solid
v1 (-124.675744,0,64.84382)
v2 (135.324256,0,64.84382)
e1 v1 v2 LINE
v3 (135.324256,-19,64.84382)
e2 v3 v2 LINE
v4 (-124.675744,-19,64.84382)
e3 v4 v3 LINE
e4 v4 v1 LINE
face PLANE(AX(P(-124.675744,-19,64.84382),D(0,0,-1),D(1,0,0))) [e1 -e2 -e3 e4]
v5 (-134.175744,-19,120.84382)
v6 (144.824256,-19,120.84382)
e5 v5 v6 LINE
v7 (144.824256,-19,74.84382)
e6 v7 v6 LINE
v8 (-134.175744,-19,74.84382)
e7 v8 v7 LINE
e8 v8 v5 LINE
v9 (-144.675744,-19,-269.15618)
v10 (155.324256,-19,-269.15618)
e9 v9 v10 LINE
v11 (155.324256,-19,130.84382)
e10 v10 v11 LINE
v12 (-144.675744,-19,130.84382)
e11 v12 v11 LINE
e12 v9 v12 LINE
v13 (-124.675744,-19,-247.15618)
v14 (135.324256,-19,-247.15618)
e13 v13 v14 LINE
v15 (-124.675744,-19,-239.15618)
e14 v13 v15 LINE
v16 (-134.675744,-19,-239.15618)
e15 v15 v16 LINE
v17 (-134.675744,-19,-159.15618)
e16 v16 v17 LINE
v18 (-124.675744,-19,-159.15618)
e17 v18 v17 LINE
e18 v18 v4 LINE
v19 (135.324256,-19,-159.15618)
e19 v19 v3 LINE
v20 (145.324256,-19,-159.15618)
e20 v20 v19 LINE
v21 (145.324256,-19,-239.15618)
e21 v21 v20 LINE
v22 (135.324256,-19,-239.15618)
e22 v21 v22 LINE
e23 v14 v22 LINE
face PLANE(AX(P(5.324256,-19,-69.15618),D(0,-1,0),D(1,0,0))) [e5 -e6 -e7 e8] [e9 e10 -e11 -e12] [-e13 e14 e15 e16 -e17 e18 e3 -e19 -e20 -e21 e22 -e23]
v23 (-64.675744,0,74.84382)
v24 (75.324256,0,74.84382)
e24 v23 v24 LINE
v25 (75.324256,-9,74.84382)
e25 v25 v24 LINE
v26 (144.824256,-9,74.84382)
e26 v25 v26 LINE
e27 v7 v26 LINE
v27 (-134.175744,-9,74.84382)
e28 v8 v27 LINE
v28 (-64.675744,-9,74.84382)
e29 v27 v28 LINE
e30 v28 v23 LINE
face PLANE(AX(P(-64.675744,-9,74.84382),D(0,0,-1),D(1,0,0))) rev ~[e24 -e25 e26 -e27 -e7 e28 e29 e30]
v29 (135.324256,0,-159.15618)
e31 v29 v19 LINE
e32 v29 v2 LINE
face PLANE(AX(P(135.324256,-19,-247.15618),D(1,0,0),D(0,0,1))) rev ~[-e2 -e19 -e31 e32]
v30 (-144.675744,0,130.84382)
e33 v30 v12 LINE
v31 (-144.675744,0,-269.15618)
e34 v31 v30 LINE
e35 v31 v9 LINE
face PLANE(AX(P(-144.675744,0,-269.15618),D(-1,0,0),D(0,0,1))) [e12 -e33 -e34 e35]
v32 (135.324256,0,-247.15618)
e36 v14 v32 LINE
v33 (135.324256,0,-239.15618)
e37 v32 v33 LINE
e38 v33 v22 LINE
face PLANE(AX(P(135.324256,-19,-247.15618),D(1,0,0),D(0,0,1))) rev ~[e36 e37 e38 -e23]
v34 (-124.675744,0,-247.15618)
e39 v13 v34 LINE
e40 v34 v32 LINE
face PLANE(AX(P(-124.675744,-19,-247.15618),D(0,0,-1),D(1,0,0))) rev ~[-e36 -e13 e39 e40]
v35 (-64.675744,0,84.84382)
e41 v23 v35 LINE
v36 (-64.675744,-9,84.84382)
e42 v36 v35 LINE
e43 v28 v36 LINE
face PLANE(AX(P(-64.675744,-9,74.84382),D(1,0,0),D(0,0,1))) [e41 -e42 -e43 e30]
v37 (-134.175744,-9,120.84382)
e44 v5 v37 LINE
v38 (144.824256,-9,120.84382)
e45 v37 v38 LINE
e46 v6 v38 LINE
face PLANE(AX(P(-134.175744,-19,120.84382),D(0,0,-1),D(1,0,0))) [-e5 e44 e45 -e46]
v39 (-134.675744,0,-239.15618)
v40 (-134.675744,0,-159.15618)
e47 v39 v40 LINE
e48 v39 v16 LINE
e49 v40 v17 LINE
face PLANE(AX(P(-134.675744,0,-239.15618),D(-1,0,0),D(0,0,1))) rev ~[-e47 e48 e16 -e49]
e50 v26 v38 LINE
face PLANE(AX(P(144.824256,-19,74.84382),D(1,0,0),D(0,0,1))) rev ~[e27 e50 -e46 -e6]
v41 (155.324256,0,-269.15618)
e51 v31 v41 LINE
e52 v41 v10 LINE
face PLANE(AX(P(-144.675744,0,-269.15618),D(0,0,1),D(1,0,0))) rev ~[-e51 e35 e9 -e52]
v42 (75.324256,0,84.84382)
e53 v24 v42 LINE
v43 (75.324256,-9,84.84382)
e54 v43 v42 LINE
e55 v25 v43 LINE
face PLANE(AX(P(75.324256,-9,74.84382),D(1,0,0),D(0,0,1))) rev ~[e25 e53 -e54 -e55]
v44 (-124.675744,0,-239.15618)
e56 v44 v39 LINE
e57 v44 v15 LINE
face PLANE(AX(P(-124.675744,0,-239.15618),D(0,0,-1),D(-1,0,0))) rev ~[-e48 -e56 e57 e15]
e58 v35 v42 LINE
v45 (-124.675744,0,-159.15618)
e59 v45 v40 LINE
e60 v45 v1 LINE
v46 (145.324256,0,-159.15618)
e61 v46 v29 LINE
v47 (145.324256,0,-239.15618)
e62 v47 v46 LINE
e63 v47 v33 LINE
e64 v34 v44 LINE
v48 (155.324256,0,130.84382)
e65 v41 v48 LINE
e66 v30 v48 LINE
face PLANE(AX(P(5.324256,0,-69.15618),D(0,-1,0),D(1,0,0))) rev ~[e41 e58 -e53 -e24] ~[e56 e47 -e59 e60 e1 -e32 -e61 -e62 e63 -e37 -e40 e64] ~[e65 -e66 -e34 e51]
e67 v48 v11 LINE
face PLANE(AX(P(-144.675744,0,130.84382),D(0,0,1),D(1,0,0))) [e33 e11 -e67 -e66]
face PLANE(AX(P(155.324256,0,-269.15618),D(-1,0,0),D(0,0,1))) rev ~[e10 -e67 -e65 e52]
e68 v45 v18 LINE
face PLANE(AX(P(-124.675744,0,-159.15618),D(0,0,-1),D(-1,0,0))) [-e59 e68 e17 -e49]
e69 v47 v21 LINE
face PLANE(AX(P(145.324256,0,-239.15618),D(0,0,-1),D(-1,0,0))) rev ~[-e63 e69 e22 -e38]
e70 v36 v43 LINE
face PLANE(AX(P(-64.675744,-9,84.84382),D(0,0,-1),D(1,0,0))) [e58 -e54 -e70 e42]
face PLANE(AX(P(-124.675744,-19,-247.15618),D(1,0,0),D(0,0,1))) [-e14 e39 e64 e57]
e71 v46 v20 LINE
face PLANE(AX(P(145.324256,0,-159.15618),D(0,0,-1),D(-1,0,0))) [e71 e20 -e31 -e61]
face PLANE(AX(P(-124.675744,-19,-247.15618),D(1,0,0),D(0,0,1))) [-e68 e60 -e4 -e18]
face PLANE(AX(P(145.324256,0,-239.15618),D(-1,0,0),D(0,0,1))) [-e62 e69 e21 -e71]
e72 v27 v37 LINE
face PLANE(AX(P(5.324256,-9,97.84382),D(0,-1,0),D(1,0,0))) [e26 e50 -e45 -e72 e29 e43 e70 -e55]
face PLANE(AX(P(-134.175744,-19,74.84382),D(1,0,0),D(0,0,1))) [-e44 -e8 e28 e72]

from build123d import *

# Parameters (mm, degrees)
F0_W      = 300
F0_H      = 400
F1_DEPTH  = 19
F2_W      = 279
F2_H      = 46
F3_DEPTH  = 10
F4_W      = 140
F4_H      = 10
F5_DEPTH  = 10
F6_W      = 260
F6_H      = 312
F7_DEPTH  = 19
F8_W      = 10
F8_H      = 80
F9_DEPTH  = 19
F10_W     = 10
F10_H     = 80
F11_DEPTH = 19


with BuildPart() as f1:
    # F0 (on Front) → F1 (new body)
    with BuildSketch(Plane.XZ):
        with Locations((5.324256, -69.15618)):
            Rectangle(F0_W, F0_H)
    extrude(amount=F1_DEPTH)

    # F2 (on face) → F3 (cut)
    with BuildSketch(Plane.XZ.offset(19)):
        with Locations((5.324256, 97.84382)):
            Rectangle(F2_W, F2_H)
    extrude(amount=-F3_DEPTH, mode=Mode.SUBTRACT)

    # F4 (on face) → F5 (cut)
    with BuildSketch(Plane.XZ.offset(9)):
        with Locations((5.324256, 79.84382)):
            Rectangle(F4_W, F4_H)
    extrude(amount=-F5_DEPTH, mode=Mode.SUBTRACT)

    # F6 (on face) → F7 (cut)
    with BuildSketch(Plane.XZ.offset(19)):
        with Locations((5.324256, -91.15618)):
            Rectangle(F6_W, F6_H)
    extrude(amount=-F7_DEPTH, mode=Mode.SUBTRACT)

    # F8 (on face) → F9 (cut)
    with BuildSketch(Plane(origin=(0, 0, 0), x_dir=(-1, 0, 0), z_dir=(0, 1, 0))):
        with Locations((-140.324256, -199.15618)):
            Rectangle(F8_W, F8_H)
    extrude(amount=-F9_DEPTH, mode=Mode.SUBTRACT)

    # F10 (on face) → F11 (cut)
    with BuildSketch(Plane(origin=(0, 0, 0), x_dir=(-1, 0, 0), z_dir=(0, 1, 0))):
        with Locations((129.675744, -199.15618)):
            Rectangle(F10_W, F10_H)
    extrude(amount=-F11_DEPTH, mode=Mode.SUBTRACT)


solid = f1.part
